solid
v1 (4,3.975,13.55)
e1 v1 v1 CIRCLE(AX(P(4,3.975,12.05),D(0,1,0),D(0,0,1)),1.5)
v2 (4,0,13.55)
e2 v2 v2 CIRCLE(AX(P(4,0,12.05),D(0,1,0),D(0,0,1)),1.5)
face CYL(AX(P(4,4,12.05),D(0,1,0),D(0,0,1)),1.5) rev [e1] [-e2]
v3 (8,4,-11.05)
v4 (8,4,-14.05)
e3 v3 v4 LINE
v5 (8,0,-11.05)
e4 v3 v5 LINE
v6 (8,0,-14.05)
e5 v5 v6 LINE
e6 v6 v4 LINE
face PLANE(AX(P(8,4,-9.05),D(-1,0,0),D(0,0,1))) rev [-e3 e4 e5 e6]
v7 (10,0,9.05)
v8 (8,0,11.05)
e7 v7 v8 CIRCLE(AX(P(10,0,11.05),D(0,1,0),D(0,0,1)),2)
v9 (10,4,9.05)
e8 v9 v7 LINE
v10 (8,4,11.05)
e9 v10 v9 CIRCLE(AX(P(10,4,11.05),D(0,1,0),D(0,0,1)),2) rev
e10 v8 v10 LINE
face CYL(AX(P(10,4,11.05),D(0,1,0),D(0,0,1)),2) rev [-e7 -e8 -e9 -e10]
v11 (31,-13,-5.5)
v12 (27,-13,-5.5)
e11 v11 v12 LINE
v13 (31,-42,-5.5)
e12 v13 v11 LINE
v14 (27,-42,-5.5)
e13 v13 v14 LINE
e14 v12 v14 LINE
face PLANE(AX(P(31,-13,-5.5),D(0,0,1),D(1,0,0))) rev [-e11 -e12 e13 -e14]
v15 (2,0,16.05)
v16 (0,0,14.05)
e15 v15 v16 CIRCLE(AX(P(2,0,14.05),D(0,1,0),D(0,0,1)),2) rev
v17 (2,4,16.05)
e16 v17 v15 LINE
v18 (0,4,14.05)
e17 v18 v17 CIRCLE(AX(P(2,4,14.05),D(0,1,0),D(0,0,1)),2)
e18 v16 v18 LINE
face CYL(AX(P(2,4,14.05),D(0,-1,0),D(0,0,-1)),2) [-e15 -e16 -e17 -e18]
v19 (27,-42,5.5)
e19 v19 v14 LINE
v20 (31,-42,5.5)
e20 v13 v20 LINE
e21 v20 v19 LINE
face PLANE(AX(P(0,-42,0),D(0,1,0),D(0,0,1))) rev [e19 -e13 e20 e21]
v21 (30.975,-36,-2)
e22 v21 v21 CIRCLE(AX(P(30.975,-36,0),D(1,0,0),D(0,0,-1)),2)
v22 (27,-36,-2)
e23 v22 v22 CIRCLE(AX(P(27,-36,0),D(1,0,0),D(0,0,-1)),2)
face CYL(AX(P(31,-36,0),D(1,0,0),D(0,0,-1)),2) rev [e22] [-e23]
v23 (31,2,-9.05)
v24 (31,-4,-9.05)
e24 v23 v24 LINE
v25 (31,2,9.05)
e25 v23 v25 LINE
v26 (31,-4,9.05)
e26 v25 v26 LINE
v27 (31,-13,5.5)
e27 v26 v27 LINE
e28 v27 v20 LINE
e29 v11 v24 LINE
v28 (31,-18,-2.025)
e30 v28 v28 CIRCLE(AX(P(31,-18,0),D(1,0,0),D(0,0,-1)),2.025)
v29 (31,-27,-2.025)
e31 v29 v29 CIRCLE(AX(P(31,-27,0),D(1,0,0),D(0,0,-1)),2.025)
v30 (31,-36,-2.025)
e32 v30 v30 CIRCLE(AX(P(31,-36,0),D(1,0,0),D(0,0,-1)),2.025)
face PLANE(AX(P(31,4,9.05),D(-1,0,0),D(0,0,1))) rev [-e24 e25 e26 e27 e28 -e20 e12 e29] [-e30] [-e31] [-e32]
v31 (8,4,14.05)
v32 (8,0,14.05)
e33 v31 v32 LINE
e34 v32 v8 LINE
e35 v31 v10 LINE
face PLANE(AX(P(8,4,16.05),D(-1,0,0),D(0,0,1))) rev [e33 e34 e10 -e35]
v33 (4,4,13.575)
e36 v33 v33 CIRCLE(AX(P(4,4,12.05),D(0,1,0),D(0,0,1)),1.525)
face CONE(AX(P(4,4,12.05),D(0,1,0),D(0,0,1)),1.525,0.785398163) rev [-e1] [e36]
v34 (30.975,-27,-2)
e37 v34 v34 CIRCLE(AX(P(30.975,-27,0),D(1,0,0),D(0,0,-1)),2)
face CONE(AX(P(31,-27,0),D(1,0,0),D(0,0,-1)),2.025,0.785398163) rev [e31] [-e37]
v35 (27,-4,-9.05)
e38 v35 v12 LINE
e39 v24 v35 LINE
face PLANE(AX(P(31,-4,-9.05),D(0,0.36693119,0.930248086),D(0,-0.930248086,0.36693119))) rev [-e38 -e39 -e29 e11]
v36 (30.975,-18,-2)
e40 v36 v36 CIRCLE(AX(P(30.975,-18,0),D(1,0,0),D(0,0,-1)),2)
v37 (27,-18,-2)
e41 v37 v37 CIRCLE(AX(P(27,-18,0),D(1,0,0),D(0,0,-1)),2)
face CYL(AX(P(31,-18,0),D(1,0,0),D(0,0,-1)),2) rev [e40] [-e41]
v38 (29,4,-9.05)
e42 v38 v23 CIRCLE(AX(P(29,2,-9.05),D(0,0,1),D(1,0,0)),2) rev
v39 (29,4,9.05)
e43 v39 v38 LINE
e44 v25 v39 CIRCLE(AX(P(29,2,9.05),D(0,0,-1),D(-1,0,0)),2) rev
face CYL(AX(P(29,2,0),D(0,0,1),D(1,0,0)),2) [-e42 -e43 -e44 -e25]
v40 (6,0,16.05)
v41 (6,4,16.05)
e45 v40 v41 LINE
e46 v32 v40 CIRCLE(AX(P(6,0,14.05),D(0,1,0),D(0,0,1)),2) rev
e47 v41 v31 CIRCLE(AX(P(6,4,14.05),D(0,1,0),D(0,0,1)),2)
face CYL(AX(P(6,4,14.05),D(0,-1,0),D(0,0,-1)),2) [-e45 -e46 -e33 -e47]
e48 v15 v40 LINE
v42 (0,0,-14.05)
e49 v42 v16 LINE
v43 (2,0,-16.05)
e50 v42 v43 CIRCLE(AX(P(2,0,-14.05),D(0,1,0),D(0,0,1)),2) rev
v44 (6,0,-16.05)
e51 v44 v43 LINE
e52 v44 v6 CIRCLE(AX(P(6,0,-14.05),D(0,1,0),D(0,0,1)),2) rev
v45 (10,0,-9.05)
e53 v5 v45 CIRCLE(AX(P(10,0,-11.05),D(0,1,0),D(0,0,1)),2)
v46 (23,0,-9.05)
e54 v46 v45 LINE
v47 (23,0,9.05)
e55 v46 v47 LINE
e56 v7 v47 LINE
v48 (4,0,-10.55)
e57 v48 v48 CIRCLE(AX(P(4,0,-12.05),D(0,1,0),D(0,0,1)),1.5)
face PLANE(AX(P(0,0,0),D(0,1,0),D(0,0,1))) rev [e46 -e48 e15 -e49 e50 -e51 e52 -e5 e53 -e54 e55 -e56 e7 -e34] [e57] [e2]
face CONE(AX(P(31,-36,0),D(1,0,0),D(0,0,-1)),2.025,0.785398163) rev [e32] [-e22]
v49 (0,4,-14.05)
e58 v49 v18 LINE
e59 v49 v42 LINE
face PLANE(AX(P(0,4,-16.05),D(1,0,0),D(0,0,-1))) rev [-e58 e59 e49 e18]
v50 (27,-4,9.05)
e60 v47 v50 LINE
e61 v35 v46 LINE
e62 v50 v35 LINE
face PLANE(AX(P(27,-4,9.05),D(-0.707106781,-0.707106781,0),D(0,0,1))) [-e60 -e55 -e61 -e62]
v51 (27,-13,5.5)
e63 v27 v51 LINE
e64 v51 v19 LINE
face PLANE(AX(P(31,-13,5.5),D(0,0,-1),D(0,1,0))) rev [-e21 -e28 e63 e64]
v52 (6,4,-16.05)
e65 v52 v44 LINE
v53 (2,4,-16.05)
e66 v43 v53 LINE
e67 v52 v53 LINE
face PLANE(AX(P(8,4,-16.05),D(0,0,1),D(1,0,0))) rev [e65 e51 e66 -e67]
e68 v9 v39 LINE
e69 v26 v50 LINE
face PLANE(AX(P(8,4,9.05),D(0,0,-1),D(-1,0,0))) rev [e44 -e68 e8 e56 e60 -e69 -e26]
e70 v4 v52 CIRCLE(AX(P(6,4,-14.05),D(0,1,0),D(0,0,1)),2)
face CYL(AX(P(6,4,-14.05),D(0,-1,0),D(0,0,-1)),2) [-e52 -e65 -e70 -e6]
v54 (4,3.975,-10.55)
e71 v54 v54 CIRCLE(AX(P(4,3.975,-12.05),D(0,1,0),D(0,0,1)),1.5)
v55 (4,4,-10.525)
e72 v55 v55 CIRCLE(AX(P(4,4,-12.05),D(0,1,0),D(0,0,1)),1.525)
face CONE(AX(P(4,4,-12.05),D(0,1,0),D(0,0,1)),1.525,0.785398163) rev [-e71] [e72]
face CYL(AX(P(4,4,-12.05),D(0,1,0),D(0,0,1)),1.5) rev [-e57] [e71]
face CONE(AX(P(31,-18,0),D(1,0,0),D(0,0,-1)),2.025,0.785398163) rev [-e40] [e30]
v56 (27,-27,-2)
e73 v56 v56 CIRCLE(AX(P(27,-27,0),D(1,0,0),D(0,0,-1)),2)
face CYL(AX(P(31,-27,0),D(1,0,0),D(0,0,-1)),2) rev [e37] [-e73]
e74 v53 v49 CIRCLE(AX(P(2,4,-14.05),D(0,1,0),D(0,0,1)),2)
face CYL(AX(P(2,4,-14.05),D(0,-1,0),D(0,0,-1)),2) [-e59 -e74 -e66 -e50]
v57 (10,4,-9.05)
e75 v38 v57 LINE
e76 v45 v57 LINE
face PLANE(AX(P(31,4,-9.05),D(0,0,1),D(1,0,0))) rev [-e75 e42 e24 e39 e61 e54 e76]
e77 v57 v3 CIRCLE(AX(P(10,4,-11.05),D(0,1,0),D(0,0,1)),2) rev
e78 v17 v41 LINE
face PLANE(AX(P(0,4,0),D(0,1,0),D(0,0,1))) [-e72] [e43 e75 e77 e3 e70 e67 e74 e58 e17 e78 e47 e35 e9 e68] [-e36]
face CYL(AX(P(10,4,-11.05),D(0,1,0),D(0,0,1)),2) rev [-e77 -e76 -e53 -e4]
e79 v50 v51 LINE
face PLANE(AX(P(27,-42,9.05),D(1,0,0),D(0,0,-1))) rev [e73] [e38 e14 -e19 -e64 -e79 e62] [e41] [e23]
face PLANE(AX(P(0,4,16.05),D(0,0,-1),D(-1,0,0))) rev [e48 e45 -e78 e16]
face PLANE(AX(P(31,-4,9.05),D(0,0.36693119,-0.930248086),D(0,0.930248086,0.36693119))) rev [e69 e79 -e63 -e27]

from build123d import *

# Parameters (mm, degrees)
BOSS_EXTRUDE1_DEPTH             = 4
FILLET1_R                       = 2
F_3_0MM_DOWEL_HOLE1_D           = 3
F_3_0MM_DOWEL_HOLE1_CSINK_D     = 3.05
F_3_0MM_DOWEL_HOLE1_CSINK_ANGLE = 90
SKETCH4_W                       = 4
SKETCH4_H                       = 18.1
BOSS_EXTRUDE2_DEPTH             = 42
CHAMFER1_SIZE                   = 4
FILLET2_R                       = 2
F_4_0MM_DOWEL_HOLE1_D           = 4
F_4_0MM_DOWEL_HOLE1_CSINK_D     = 4.05
F_4_0MM_DOWEL_HOLE1_CSINK_ANGLE = 90
CUT_EXTRUDE1_DEPTH              = 28
CUT_EXTRUDE1_DEPTH_BACK         = 5
CUT_EXTRUDE2_DEPTH              = 28
CUT_EXTRUDE2_DEPTH_BACK         = 5


with BuildPart() as part:
    # Sketch1 → Boss-Extrude1 (new body)
    with BuildSketch(Plane(origin=(0, 0, 0), x_dir=(1, 0, 0), z_dir=(0, 1, 0))):
        Polygon((0, 16.05), (0, -16.05), (8, -16.05), (8, -9.05), (31, -9.05), (31, 9.05), (8, 9.05), (8, 16.05), align=None)
    extrude(amount=BOSS_EXTRUDE1_DEPTH)

    # Fillet1
    fillet1_edges = [part.edges().sort_by_distance(p)[0] for p in [
        (8, 2, -16.05),
        (8, 2, -9.05),
        (8, 2, 9.05),
        (8, 2, 16.05),
        (0, 2, 16.05),
        (0, 2, -16.05),
    ]]
    fillet(fillet1_edges, radius=FILLET1_R)

    # Ø3.0mm Dowel Hole1 (through all)
    with Locations(Plane(origin=(0, 4, 0), x_dir=(1, 0, 0), z_dir=(0, 1, 0))):
        with Locations((4, 12.05), (4, -12.05)):
            CounterSinkHole(F_3_0MM_DOWEL_HOLE1_D / 2, F_3_0MM_DOWEL_HOLE1_CSINK_D / 2, counter_sink_angle=F_3_0MM_DOWEL_HOLE1_CSINK_ANGLE)

    # Sketch4 → Boss-Extrude2 (add)
    with BuildSketch(Plane(origin=(0, 0, 0), x_dir=(-1, 0, 0), z_dir=(0, -1, 0))):
        with Locations((-29, 0)):
            Rectangle(SKETCH4_W, SKETCH4_H)
    extrude(amount=BOSS_EXTRUDE2_DEPTH)

    # Chamfer1
    chamfer1_edges = [part.edges().sort_by_distance(p)[0] for p in [
        (27, 0, 0),
    ]]
    chamfer(chamfer1_edges, length=CHAMFER1_SIZE)

    # Fillet2
    fillet2_edges = [part.edges().sort_by_distance(p)[0] for p in [
        (31, 4, 0),
    ]]
    fillet(fillet2_edges, radius=FILLET2_R)

    # Ø4.0mm Dowel Hole1 (through all)
    with Locations(Plane(origin=(31, 0, 0), x_dir=(0, 0, -1), z_dir=(1, 0, 0))):
        with Locations((0, -36), (0, -27), (0, -18)):
            CounterSinkHole(F_4_0MM_DOWEL_HOLE1_D / 2, F_4_0MM_DOWEL_HOLE1_CSINK_D / 2, counter_sink_angle=F_4_0MM_DOWEL_HOLE1_CSINK_ANGLE)

    # Sketch11 → Cut-Extrude1 (cut, two sides)
    with BuildSketch(Plane.ZY.offset(-27)) as cut_extrude1_sk:
        Polygon((-9.05, -4), (-5.5, -13), (-5.5, -42), (-9.05, -42), align=None)
    extrude(amount=CUT_EXTRUDE1_DEPTH, mode=Mode.SUBTRACT)
    extrude(cut_extrude1_sk.sketch, amount=-CUT_EXTRUDE1_DEPTH_BACK, mode=Mode.SUBTRACT)

    # Sketch12 → Cut-Extrude2 (cut, two sides)
    with BuildSketch(Plane.ZY.offset(-27)) as cut_extrude2_sk:
        Polygon((9.05, -4), (5.5, -13), (5.5, -42), (9.05, -42), align=None)
    extrude(amount=CUT_EXTRUDE2_DEPTH, mode=Mode.SUBTRACT)
    extrude(cut_extrude2_sk.sketch, amount=-CUT_EXTRUDE2_DEPTH_BACK, mode=Mode.SUBTRACT)


solid = part.part
